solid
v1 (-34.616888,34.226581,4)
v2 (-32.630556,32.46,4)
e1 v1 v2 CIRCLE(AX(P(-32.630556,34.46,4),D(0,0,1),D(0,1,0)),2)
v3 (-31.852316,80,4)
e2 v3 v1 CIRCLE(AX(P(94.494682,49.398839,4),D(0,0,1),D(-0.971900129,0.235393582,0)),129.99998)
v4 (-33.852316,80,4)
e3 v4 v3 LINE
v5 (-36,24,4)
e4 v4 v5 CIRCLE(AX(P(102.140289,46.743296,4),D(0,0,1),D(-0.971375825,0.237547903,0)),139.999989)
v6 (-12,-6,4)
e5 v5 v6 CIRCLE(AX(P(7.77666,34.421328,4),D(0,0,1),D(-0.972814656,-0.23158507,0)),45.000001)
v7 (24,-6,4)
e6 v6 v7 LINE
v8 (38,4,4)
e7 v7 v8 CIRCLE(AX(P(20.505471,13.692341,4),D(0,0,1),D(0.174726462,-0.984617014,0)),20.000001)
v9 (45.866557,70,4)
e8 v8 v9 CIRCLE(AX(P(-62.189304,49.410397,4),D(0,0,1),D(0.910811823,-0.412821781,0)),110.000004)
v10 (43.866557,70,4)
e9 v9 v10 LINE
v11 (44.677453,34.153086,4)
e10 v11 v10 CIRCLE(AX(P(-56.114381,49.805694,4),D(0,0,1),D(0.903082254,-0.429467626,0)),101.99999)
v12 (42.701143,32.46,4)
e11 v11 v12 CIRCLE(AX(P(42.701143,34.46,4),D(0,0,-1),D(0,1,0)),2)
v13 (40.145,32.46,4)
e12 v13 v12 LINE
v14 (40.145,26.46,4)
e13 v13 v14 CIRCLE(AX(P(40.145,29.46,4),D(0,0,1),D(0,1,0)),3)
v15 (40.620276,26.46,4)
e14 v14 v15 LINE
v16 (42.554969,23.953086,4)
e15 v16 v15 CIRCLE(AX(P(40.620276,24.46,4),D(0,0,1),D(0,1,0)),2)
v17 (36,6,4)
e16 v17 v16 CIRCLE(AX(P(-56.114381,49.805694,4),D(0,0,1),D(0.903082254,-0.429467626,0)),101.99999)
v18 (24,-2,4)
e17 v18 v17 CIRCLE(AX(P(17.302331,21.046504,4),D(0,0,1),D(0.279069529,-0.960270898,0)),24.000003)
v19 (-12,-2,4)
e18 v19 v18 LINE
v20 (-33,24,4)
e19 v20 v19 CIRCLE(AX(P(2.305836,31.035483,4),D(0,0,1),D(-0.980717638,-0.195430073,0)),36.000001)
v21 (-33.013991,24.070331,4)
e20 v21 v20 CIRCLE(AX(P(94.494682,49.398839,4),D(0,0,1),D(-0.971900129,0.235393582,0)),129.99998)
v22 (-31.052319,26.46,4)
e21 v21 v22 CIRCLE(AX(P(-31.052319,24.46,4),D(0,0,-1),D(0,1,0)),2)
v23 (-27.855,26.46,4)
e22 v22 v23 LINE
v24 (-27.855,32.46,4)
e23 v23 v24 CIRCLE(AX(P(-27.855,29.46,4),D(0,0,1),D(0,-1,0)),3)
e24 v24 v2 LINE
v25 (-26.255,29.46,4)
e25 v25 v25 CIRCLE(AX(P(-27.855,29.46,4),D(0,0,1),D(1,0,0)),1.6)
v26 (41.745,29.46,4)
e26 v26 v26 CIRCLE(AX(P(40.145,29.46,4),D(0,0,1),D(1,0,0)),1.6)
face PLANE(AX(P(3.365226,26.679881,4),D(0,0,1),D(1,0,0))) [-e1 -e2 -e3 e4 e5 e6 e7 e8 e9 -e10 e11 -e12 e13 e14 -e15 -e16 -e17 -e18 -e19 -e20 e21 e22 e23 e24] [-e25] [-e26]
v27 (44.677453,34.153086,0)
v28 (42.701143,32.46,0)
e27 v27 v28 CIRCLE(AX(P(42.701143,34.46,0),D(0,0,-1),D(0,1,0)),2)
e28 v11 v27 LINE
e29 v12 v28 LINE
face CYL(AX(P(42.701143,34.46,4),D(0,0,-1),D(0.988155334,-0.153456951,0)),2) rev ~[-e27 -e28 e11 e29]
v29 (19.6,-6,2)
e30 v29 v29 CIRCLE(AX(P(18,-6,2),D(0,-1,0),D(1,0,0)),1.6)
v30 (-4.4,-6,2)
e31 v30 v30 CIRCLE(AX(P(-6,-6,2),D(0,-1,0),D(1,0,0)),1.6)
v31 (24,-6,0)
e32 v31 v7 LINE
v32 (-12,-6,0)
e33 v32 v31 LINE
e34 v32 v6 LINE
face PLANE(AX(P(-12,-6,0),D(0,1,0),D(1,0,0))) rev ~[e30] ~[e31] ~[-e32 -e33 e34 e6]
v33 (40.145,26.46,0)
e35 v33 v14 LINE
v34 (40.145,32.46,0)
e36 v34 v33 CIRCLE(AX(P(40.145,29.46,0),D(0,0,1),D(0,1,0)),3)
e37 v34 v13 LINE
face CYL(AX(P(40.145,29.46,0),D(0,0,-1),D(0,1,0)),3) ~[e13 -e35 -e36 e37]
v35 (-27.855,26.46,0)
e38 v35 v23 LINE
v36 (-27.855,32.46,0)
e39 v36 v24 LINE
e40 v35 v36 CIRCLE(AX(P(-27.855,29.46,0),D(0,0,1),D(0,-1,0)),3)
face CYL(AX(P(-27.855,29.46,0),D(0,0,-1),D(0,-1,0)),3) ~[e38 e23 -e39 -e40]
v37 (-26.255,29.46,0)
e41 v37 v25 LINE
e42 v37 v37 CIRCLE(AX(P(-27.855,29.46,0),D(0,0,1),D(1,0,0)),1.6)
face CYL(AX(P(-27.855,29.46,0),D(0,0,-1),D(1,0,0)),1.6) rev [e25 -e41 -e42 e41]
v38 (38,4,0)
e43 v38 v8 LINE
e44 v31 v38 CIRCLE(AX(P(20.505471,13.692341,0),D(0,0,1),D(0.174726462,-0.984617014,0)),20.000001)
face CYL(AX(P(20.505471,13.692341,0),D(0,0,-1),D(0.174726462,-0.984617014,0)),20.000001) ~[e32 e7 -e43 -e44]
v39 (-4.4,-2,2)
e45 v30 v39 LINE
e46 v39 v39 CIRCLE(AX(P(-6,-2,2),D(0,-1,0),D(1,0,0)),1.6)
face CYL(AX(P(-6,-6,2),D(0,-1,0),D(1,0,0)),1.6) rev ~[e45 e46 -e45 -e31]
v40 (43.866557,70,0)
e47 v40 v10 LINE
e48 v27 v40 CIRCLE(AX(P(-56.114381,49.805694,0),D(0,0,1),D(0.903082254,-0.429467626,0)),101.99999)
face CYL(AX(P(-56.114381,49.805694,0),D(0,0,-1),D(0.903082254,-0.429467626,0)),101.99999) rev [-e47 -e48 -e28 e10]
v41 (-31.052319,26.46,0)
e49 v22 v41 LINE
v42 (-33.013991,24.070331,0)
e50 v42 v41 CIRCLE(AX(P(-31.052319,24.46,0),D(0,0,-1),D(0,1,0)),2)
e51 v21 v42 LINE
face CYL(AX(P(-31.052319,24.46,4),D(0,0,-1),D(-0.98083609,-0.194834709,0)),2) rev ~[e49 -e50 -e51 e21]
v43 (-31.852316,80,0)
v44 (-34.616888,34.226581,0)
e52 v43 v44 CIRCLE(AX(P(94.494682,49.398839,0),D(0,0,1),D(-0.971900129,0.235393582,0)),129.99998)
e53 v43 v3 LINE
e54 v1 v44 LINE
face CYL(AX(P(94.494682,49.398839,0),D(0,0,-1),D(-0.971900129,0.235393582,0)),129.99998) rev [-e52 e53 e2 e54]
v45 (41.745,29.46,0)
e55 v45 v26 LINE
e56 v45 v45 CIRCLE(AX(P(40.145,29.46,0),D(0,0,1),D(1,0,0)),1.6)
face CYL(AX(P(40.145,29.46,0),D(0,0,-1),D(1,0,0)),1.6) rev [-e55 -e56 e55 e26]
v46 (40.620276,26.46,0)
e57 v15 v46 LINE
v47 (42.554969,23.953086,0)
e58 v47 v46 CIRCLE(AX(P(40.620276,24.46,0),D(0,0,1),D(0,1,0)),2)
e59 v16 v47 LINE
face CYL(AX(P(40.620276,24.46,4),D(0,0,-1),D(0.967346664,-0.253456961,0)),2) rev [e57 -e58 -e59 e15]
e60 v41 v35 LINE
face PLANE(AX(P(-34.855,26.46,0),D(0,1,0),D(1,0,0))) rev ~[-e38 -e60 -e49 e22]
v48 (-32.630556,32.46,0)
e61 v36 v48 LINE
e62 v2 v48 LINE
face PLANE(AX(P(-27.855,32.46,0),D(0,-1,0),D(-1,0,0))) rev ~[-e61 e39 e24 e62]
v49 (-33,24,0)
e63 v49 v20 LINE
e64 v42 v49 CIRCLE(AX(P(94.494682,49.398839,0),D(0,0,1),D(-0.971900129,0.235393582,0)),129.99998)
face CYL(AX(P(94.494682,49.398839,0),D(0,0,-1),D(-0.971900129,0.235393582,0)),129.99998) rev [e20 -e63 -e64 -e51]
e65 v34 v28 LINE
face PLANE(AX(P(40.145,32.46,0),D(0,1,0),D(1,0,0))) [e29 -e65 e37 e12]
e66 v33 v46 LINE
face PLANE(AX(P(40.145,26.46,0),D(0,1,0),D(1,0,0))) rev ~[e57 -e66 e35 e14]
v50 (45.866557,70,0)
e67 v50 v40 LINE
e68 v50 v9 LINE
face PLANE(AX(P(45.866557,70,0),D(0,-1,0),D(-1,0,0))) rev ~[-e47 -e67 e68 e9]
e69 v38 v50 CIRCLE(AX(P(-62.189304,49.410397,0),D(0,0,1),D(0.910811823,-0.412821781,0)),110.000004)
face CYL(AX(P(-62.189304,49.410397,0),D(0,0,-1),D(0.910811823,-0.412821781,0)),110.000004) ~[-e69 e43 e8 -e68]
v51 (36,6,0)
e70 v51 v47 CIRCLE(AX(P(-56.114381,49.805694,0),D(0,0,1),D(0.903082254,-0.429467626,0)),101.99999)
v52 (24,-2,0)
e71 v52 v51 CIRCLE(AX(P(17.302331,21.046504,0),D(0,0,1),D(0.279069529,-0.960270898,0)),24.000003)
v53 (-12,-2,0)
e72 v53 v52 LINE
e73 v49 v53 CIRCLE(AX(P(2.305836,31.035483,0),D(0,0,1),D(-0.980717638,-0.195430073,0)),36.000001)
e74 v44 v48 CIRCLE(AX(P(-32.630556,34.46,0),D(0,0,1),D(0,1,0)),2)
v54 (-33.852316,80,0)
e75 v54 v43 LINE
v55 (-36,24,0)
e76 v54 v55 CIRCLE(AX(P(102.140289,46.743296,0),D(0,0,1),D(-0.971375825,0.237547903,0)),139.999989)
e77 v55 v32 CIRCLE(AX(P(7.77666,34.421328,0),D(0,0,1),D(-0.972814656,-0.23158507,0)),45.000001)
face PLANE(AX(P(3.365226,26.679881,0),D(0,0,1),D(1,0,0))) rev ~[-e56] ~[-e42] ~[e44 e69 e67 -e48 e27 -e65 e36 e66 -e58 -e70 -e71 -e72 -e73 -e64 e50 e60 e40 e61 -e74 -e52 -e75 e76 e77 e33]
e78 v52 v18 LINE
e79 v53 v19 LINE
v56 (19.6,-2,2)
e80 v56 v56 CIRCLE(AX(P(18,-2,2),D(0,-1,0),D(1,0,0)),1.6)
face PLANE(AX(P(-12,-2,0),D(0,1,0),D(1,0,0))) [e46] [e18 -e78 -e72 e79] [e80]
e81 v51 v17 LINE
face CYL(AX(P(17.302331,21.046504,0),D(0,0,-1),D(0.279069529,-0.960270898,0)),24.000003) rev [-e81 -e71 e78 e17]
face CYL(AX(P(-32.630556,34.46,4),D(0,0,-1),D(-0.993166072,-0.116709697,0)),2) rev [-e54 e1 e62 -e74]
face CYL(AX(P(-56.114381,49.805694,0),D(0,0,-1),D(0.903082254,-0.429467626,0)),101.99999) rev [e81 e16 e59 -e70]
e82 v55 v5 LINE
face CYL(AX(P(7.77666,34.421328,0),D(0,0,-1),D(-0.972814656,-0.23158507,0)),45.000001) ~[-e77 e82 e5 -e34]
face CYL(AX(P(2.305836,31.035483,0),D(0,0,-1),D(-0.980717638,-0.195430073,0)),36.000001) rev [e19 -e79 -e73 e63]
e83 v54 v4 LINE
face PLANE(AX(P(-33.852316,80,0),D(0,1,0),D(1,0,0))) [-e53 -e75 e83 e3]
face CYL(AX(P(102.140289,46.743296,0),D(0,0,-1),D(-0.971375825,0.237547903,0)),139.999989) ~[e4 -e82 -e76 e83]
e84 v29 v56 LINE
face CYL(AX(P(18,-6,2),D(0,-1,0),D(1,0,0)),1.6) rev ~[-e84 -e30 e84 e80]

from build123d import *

# Parameters (mm, degrees)
PAD_DEPTH    = 4
SKETCH001_R  = 1.6
POCKET_DEPTH = 86.001
SKETCH002_R  = 1.6
PAD001_DEPTH = 4
FILLET_R     = 2


with BuildPart() as pocket:
    # Sketch → Pad (new body)
    with BuildSketch(Plane.XY):
        with BuildLine():
            ThreePointArc((24, -6), (32.130235, -2.582329), (38, 4))
            ThreePointArc((38, 4), (47.03758, 36.391617), (45.866557, 70))
            Line((45.866557, 70), (43.866557, 70))
            ThreePointArc((36, 6), (45.123719, 37.362017), (43.866557, 70))
            ThreePointArc((24, -2), (30.615137, 1.077295), (36, 6))
            Line((-12, -2), (24, -2))
            ThreePointArc((-33, 24), (-25.700047, 8.415346), (-12, -2))
            ThreePointArc((-31.852316, 80), (-35.478006, 52.062546), (-33, 24))
            Line((-33.852316, 80), (-31.852316, 80))
            ThreePointArc((-33.852316, 80), (-37.756855, 52.108561), (-36, 24))
            ThreePointArc((-36, 24), (-27.362437, 6.310051), (-12, -6))
            Line((-12, -6), (24, -6))
        make_face()
    extrude(amount=PAD_DEPTH)

    # Sketch001 → Pocket (cut, through all)
    with BuildSketch(Plane.XZ.offset(6)):
        with Locations((-6, 2)):
            Circle(SKETCH001_R)
        with Locations((18, 2)):
            Circle(SKETCH001_R)
    extrude(amount=-POCKET_DEPTH, mode=Mode.SUBTRACT)


with BuildPart() as fillet_body:
    # Sketch002 → Pad001 (new body)
    with BuildSketch(Plane.XY):
        with BuildLine():
            ThreePointArc((-27.855, 26.46), (-24.855, 29.46), (-27.855, 32.46))
            Line((-27.855, 32.46), (-34.855, 32.46))
            Line((-34.855, 32.46), (-34.855, 26.46))
            Line((-34.855, 26.46), (-27.855, 26.46))
        make_face()
        with Locations((-27.855, 29.46)):
            Circle(SKETCH002_R, mode=Mode.SUBTRACT)
        with BuildLine():
            ThreePointArc((40.145, 32.46), (37.145, 29.46), (40.145, 26.46))
            Line((40.145, 26.46), (44.645, 26.46))
            Line((44.645, 32.46), (44.645, 26.46))
            Line((40.145, 32.46), (44.645, 32.46))
        make_face()
        with Locations((40.145, 29.46)):
            Circle(SKETCH002_R, mode=Mode.SUBTRACT)
    extrude(amount=PAD001_DEPTH)

    # Fusion: union Pocket
    add(pocket.part)

    # Fillet
    fillet_edges = [fillet_body.edges().sort_by_distance(p)[0] for p in [
        (-34.397019, 32.46, 2),
        (-33.465486, 26.46, 2),
        (44.39992, 32.46, 2),
        (43.177998, 26.46, 2),
    ]]
    fillet(fillet_edges, radius=FILLET_R)


solid = fillet_body.part
